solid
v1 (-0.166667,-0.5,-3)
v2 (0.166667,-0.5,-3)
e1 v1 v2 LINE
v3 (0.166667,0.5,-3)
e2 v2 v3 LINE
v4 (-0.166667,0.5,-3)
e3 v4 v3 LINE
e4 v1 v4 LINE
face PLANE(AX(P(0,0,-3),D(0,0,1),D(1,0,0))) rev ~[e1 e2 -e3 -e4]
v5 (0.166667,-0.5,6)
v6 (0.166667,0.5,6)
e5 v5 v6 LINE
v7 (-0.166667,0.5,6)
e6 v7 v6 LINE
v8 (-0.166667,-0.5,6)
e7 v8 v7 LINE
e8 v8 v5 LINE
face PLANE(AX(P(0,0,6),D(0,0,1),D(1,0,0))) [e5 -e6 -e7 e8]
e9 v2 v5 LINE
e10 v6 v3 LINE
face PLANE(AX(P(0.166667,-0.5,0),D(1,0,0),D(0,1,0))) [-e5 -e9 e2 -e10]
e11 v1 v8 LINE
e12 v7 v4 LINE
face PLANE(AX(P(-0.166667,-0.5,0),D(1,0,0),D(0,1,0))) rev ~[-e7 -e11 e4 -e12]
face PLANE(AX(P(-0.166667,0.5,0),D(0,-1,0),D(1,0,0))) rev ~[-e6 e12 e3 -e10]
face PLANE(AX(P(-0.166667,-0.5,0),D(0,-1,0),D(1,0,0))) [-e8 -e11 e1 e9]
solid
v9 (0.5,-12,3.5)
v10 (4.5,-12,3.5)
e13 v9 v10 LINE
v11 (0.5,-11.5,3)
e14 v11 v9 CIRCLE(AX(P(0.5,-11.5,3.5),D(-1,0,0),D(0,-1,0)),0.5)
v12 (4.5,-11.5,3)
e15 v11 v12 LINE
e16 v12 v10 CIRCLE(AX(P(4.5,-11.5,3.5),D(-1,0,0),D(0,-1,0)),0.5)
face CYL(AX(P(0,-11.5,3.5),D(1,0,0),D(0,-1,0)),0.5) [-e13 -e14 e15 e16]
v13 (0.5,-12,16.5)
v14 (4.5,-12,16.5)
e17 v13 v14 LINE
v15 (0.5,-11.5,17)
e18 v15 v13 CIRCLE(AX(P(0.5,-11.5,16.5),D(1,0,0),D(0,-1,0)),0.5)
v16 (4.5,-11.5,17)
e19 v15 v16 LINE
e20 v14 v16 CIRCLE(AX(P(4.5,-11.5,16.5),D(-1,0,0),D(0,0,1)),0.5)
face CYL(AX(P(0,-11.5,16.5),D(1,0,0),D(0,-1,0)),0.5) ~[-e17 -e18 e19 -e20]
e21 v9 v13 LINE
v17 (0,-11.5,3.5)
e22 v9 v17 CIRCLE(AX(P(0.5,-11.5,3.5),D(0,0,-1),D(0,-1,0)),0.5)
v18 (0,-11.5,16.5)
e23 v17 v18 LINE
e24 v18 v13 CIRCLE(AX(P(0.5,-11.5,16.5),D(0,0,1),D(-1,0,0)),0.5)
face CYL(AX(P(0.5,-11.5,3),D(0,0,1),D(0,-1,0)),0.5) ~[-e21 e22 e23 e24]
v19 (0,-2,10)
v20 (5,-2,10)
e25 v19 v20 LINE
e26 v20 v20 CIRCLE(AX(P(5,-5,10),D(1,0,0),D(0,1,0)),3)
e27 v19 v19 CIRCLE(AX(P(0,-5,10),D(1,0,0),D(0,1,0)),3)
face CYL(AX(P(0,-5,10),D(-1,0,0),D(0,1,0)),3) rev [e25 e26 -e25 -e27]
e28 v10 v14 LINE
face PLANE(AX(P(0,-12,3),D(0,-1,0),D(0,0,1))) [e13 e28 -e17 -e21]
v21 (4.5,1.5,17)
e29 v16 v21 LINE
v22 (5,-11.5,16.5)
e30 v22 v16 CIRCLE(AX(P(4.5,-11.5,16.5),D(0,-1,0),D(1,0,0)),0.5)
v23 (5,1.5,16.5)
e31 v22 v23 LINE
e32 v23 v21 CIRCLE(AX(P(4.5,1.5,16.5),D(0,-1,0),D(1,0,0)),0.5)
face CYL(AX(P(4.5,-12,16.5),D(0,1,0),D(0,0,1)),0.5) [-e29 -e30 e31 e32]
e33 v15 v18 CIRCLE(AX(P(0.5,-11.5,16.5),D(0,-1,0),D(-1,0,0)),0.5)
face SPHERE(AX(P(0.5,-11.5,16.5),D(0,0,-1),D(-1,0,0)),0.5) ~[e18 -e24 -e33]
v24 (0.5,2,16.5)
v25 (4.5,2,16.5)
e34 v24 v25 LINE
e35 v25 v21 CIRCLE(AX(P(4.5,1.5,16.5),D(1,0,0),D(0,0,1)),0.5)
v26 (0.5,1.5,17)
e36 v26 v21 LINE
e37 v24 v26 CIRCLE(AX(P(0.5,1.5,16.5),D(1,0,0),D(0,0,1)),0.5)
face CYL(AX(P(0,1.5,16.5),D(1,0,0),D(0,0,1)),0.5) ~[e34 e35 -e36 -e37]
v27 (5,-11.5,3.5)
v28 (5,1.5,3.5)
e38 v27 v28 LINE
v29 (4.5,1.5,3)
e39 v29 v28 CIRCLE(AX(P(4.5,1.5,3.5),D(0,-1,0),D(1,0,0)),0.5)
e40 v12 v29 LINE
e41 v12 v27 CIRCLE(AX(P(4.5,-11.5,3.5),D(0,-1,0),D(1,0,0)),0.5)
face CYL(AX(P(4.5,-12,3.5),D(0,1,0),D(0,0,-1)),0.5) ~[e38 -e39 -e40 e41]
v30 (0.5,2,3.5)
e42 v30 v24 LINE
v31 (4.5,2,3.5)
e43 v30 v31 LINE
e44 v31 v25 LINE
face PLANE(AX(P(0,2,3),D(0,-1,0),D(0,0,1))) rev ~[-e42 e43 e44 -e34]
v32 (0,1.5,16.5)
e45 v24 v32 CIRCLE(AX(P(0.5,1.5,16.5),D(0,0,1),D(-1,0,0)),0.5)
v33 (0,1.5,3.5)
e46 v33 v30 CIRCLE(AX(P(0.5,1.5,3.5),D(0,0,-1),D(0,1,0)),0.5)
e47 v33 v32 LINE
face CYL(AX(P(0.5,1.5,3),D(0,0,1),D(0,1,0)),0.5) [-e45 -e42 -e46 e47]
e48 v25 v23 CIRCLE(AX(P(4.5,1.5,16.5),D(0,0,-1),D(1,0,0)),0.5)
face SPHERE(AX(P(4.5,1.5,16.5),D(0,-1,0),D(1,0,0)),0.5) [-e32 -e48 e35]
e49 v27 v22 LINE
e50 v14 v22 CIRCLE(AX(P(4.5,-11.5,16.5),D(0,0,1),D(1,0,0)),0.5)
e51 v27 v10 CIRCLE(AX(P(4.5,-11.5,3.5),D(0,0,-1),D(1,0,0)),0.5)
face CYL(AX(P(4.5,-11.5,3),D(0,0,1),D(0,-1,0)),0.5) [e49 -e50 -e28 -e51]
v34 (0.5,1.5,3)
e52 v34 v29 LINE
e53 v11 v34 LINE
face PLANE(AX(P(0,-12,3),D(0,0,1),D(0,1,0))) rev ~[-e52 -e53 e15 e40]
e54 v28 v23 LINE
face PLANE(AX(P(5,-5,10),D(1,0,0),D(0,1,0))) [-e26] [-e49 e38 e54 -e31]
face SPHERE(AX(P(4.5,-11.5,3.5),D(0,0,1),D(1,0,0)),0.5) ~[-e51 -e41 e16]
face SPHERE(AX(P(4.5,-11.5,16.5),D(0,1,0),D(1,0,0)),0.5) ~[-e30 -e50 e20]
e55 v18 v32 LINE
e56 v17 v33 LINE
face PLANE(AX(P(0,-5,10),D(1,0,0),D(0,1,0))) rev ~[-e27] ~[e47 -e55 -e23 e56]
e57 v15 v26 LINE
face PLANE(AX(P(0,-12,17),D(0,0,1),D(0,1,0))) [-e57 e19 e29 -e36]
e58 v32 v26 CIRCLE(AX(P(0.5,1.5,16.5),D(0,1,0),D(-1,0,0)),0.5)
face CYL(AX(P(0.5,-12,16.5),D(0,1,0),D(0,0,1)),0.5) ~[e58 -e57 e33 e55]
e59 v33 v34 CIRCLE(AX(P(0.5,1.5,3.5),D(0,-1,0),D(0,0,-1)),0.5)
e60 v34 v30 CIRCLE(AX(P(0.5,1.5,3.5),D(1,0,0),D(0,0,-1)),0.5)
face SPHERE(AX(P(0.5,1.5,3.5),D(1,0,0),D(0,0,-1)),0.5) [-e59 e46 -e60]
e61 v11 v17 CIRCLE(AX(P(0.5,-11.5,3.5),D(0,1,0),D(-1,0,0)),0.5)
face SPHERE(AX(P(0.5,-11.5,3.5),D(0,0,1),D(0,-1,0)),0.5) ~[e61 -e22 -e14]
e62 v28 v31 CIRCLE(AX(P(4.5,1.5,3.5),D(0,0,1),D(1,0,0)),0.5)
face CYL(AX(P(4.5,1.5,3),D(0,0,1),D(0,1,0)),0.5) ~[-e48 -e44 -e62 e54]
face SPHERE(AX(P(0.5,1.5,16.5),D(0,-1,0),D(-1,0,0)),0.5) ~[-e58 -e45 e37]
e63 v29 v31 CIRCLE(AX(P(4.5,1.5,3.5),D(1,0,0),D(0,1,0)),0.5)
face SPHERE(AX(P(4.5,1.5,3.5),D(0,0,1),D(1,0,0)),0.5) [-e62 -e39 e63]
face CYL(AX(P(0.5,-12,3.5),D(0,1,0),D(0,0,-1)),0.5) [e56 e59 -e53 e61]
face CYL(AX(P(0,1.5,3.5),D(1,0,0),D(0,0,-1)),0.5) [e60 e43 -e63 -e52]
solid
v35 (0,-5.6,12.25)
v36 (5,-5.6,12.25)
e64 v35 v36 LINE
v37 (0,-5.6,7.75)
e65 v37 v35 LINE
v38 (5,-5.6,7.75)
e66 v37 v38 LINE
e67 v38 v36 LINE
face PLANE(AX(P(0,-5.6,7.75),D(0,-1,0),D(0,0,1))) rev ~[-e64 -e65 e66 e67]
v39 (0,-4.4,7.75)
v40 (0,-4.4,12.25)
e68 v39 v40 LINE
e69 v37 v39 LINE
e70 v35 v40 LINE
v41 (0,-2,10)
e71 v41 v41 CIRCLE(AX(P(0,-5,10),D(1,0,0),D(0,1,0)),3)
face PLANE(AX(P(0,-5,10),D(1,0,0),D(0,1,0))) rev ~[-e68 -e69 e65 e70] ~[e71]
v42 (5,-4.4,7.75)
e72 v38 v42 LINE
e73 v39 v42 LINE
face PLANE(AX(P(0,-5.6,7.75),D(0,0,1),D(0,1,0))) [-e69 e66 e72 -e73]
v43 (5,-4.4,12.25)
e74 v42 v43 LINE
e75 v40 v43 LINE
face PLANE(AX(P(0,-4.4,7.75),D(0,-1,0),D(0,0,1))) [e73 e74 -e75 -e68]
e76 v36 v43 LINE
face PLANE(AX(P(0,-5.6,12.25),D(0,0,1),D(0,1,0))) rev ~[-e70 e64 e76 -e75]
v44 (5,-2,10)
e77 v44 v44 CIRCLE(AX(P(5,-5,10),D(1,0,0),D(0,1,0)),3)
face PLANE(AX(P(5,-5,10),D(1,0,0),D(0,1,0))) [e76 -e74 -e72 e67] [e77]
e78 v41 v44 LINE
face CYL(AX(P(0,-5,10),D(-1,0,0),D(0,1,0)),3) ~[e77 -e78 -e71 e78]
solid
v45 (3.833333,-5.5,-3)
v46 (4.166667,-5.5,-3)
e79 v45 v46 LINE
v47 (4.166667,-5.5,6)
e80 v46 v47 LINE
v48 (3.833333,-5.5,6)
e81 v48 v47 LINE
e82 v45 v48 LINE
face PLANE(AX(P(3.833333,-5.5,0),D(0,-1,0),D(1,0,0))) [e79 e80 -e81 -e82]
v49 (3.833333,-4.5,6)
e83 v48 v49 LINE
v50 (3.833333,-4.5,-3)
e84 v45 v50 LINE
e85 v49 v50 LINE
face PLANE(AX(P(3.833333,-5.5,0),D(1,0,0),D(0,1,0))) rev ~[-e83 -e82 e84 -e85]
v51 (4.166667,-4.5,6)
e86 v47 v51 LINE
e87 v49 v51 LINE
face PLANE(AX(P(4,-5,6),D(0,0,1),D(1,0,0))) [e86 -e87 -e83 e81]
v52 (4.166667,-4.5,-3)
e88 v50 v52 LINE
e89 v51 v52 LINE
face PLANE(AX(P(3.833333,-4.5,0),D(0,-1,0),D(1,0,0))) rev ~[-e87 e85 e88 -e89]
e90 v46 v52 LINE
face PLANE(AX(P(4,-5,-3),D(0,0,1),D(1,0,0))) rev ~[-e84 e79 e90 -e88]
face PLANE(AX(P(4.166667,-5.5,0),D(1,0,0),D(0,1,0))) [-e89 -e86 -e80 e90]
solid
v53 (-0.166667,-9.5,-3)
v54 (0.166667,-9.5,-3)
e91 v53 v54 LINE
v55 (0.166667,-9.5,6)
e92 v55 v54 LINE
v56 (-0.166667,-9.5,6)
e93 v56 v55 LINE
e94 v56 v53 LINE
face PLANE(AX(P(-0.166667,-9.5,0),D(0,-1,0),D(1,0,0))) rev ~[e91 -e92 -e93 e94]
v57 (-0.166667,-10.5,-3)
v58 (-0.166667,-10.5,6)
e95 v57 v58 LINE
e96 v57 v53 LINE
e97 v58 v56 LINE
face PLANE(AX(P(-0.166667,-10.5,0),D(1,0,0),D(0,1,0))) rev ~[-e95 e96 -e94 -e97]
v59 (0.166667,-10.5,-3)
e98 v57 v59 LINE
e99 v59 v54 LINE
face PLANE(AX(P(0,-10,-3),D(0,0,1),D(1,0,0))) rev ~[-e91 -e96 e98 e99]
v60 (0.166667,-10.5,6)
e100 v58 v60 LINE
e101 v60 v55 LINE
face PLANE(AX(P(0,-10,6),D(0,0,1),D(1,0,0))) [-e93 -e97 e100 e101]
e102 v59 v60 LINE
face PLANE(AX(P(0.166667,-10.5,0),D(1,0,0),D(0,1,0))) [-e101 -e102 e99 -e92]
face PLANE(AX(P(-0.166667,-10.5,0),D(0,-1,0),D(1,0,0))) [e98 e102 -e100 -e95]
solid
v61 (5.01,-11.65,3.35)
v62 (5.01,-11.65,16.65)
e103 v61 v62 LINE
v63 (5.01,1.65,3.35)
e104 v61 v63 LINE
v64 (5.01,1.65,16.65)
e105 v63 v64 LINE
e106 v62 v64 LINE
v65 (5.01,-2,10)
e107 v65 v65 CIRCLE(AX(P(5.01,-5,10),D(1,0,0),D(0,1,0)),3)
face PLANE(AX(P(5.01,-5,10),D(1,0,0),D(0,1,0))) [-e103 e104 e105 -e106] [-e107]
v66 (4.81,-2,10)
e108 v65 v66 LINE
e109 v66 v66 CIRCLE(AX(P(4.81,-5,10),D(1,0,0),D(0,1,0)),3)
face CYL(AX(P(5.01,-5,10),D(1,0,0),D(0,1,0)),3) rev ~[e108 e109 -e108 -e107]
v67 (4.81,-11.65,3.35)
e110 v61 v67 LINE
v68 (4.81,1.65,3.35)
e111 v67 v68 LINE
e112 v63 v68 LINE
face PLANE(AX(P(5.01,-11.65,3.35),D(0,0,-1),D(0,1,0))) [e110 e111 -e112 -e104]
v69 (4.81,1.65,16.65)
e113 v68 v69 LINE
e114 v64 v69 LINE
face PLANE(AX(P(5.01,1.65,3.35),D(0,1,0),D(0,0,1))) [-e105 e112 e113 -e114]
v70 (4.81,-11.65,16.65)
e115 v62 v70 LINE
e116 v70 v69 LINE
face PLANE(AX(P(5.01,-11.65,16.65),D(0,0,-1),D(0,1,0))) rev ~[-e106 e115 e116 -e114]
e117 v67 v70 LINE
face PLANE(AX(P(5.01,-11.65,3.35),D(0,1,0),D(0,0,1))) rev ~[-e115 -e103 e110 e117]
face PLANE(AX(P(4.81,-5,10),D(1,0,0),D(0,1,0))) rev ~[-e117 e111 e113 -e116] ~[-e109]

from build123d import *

# Parameters (mm, degrees)
SKETCH001_R       = 3
SKETCH001_W       = 1.2
SKETCH001_H       = 4.5
PAD001_DEPTH      = 5
SKETCH003_W       = 0.333334
SKETCH003_H       = 1
PAD002_DEPTH      = 6
PAD002_DEPTH_BACK = 3
SKETCH004_W       = 13.3
SKETCH004_H       = 13.3
SKETCH004_R       = 3
PAD003_DEPTH      = 0.2
SKETCH_W          = 14
SKETCH_H          = 14
SKETCH_R          = 3
PAD_DEPTH         = 5
FILLET_R          = 0.5


with BuildPart() as pad001:
    # Sketch001 → Pad001 (new body)
    with BuildSketch(Plane.YZ):
        with Locations((-5, 10)):
            Circle(SKETCH001_R)
        with Locations((-5, 10)):
            Rectangle(SKETCH001_W, SKETCH001_H, mode=Mode.SUBTRACT)
    extrude(amount=PAD001_DEPTH)


with BuildPart() as pad002:
    # Sketch003 → Pad002 (new body, two sides)
    with BuildSketch(Plane.XY) as pad002_sk:
        Rectangle(SKETCH003_W, SKETCH003_H)
        with Locations((4, -5)):
            Rectangle(SKETCH003_W, SKETCH003_H)
        with Locations((0, -10)):
            Rectangle(SKETCH003_W, SKETCH003_H)
    extrude(amount=PAD002_DEPTH)
    extrude(pad002_sk.sketch, amount=-PAD002_DEPTH_BACK)


with BuildPart() as pad003:
    # Sketch004 → Pad003 (new body)
    with BuildSketch(Plane.YZ.offset(5.01)):
        with Locations((-5, 10)):
            Rectangle(SKETCH004_W, SKETCH004_H)
        with Locations((-5, 10)):
            Circle(SKETCH004_R, mode=Mode.SUBTRACT)
    extrude(amount=-PAD003_DEPTH)


with BuildPart() as fillet_body:
    # Sketch → Pad (new body)
    with BuildSketch(Plane.YZ):
        with Locations((-5, 10)):
            Rectangle(SKETCH_W, SKETCH_H)
        with Locations((-5, 10)):
            Circle(SKETCH_R, mode=Mode.SUBTRACT)
    extrude(amount=PAD_DEPTH)

    # Fillet
    fillet_edges = [fillet_body.edges().sort_by_distance(p)[0] for p in [
        (0, -12, 10),
        (0, -5, 17),
        (5, -5, 17),
        (5, -12, 10),
        (5, 2, 10),
        (5, -5, 3),
        (2.5, -12, 17),
        (2.5, -12, 3),
        (2.5, 2, 3),
        (0, -5, 3),
        (0, 2, 10),
        (2.5, 2, 17),
    ]]
    fillet(fillet_edges, radius=FILLET_R)


solid = Compound([pad001.part, pad002.part, pad003.part, fillet_body.part])
